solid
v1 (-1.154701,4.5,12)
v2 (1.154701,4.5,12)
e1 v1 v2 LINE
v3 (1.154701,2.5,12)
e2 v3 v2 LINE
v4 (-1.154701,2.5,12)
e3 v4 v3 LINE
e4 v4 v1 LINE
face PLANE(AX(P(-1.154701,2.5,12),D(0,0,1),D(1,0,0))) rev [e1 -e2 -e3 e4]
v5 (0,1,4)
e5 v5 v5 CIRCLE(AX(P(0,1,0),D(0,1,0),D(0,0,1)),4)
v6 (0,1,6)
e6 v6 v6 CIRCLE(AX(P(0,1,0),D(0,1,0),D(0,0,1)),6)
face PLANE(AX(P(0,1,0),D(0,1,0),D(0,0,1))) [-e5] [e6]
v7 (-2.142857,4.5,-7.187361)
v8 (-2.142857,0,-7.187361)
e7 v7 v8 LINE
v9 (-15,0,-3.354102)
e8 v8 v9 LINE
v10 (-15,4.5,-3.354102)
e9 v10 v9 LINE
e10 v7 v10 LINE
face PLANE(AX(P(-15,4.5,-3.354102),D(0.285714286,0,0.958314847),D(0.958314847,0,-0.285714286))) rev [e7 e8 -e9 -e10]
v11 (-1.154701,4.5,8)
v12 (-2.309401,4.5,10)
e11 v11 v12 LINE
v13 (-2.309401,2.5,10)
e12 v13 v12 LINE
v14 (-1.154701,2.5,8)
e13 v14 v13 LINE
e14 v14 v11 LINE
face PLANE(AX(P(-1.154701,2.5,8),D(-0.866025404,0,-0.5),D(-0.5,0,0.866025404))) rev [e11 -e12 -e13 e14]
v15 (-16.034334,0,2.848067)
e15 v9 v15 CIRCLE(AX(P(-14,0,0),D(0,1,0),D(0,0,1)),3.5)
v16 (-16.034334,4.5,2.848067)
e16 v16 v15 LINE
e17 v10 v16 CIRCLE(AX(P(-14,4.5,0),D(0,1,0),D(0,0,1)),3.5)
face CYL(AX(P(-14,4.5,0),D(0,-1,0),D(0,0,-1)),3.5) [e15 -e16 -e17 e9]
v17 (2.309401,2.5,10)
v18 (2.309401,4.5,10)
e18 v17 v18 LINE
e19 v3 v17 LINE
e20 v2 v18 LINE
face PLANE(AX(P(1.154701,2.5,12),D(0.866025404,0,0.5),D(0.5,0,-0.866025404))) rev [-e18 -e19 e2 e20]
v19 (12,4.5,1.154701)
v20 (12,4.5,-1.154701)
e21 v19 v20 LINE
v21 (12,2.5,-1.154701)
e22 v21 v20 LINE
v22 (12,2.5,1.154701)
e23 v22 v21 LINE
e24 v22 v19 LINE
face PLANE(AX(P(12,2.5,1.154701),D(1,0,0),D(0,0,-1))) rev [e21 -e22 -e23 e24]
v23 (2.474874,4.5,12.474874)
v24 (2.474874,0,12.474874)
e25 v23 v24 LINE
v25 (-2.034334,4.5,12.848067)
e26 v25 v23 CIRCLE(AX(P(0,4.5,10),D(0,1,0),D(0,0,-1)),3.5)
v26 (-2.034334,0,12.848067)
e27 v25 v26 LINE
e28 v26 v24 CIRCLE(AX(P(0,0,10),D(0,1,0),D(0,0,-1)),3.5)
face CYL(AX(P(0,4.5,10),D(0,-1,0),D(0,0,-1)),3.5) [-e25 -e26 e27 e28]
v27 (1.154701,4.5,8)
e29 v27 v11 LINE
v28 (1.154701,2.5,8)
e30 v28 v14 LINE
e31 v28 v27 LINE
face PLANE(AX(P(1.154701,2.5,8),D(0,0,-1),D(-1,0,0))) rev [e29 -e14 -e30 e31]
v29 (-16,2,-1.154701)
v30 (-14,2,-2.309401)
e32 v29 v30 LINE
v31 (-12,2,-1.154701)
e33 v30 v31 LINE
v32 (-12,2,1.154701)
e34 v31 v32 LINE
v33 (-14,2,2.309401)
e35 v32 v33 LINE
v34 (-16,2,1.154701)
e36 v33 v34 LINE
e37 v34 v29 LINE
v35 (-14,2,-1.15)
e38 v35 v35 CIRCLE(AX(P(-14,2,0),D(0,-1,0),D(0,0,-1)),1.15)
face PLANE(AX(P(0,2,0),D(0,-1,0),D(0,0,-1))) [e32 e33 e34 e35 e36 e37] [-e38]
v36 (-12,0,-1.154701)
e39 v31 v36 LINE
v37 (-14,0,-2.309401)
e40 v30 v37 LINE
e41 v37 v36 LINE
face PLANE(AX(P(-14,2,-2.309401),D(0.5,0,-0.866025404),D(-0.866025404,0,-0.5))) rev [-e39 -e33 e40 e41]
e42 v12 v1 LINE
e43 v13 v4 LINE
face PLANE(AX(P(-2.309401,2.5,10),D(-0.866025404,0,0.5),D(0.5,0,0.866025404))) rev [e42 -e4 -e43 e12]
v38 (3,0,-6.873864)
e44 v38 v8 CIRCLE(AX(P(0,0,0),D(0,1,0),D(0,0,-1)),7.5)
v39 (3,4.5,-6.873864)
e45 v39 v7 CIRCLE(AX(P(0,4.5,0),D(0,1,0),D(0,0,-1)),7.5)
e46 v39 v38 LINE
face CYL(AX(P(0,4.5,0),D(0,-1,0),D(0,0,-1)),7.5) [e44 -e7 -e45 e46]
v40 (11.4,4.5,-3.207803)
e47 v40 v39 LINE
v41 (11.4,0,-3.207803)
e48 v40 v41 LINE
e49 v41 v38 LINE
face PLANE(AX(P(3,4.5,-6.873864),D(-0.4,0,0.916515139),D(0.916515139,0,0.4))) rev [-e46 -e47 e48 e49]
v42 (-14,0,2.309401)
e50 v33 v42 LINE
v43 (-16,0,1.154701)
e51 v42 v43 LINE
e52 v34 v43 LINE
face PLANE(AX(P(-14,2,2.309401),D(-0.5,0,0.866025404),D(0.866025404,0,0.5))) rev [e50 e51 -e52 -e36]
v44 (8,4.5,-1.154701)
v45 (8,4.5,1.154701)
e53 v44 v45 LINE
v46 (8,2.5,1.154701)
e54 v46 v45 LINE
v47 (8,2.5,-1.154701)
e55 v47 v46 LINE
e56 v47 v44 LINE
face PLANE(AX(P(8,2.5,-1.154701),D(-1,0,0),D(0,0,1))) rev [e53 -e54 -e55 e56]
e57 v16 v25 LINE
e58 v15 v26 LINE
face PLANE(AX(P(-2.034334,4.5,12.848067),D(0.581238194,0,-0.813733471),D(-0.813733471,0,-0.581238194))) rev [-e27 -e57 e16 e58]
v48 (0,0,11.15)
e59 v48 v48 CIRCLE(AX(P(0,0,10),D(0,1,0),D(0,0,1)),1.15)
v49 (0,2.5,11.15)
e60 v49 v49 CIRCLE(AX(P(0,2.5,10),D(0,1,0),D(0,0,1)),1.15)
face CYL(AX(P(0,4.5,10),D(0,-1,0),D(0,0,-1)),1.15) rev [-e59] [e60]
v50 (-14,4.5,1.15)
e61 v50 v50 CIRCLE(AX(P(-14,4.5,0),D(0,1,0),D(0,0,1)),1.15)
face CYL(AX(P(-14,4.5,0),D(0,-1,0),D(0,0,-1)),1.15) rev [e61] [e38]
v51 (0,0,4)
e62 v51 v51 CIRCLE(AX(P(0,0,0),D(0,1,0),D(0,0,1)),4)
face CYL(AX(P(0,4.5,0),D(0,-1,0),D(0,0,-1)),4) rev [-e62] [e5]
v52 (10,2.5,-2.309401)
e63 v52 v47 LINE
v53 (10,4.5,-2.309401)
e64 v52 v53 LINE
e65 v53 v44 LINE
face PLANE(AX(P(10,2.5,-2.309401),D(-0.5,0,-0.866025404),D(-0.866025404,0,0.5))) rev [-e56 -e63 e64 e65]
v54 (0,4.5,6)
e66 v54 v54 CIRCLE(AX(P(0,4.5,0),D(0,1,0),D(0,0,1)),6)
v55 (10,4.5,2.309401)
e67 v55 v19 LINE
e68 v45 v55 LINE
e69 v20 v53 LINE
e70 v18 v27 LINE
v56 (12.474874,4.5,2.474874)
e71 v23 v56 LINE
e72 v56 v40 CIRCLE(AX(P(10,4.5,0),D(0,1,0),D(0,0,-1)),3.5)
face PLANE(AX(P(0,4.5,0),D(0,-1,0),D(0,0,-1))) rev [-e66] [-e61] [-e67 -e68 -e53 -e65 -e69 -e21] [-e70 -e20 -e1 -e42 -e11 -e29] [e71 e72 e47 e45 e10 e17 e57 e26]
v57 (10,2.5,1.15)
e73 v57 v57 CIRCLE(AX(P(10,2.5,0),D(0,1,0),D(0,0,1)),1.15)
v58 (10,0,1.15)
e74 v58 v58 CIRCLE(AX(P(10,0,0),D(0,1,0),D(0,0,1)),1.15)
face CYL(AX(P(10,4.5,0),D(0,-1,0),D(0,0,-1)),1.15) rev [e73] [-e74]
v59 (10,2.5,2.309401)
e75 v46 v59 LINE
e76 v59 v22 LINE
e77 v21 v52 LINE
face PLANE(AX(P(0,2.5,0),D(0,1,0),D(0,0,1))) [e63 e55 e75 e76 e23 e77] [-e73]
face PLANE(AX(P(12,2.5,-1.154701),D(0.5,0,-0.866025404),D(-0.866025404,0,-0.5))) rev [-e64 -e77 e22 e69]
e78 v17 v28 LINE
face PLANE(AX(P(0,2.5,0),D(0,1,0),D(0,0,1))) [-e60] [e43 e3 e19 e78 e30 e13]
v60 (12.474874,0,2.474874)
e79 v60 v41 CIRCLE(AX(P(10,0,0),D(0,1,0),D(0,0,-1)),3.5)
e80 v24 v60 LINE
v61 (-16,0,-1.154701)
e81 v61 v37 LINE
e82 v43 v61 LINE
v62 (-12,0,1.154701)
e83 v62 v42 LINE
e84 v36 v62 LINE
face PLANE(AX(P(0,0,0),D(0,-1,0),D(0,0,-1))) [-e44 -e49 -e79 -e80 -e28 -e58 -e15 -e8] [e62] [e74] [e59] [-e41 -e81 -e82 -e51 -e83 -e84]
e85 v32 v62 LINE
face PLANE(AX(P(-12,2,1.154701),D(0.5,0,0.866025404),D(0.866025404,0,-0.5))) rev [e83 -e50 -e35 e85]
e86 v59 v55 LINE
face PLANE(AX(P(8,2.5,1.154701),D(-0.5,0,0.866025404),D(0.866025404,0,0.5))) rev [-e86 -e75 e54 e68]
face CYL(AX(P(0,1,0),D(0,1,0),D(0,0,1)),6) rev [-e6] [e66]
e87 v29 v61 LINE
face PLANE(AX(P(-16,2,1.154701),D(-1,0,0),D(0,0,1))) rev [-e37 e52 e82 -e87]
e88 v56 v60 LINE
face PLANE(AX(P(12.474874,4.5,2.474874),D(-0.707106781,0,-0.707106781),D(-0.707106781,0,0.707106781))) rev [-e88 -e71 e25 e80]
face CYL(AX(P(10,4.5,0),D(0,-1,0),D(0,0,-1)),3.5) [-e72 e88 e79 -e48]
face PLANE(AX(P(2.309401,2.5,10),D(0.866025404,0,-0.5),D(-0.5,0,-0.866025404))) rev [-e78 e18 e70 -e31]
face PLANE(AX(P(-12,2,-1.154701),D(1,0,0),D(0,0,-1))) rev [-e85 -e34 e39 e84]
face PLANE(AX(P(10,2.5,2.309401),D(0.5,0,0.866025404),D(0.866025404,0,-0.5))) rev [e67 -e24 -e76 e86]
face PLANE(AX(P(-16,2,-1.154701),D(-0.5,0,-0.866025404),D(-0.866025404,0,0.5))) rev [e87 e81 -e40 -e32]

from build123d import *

# Parameters (mm, degrees)
SKETCH1_R           = 4
SKETCH1_R_2         = 1.15
BOSS_EXTRUDE1_DEPTH = 4.5
SKETCH2_R           = 6
CUT_EXTRUDE1_DEPTH  = 3.5
CUT_EXTRUDE2_DEPTH  = 2
CUT_EXTRUDE3_DEPTH  = 2


with BuildPart() as part:
    # Sketch1 → Boss-Extrude1 (new body)
    with BuildSketch(Plane(origin=(0, 0, 0), x_dir=(1, 0, 0), z_dir=(0, 1, 0))):
        with BuildLine():
            Line((3, 6.873863542), (11.4, 3.207802986))
            ThreePointArc((11.4, 3.207802986), (13.439020979, 0.650488054), (12.474873734, -2.474873734))
            Line((12.474873734, -2.474873734), (2.474873734, -12.474873734))
            ThreePointArc((2.474873734, -12.474873734), (0.28868186, -13.488074366), (-2.034333678, -12.848067149))
            Line((-2.034333678, -12.848067149), (-16.034333678, -2.848067149))
            ThreePointArc((-16.034333678, -2.848067149), (-17.452321053, 0.575742432), (-15, 3.354101966))
            Line((-15, 3.354101966), (-2.142857143, 7.187361356))
            ThreePointArc((-2.142857143, 7.187361356), (0.456337254, 7.486104215), (3, 6.873863542))
        make_face()
        with Locations(Location((0, 0, 0), (0, 0, 270))):
            Circle(SKETCH1_R, mode=Mode.SUBTRACT)
        with Locations(Location((-14, 0, 0), (0, 0, 270))):
            Circle(SKETCH1_R_2, mode=Mode.SUBTRACT)
        with Locations(Location((10, 0, 0), (0, 0, 270))):
            Circle(SKETCH1_R_2, mode=Mode.SUBTRACT)
        with Locations(Location((0, -10, 0), (0, 0, 270))):
            Circle(SKETCH1_R_2, mode=Mode.SUBTRACT)
    extrude(amount=BOSS_EXTRUDE1_DEPTH)

    # Sketch2 → Cut-Extrude1 (cut)
    with BuildSketch(Plane(origin=(0, 4.5, 0), x_dir=(1, 0, 0), z_dir=(0, 1, 0))):
        with Locations(Location((0, 0, 0), (0, 0, 270))):
            Circle(SKETCH2_R)
    extrude(amount=-CUT_EXTRUDE1_DEPTH, mode=Mode.SUBTRACT)

    # Sketch3 → Cut-Extrude2 (cut)
    with BuildSketch(Plane(origin=(0, 4.5, 0), x_dir=(1, 0, 0), z_dir=(0, 1, 0))):
        Polygon((12, -1.154700538), (12, 1.154700538), (10, 2.309401077), (8, 1.154700538), (8, -1.154700538), (10, -2.309401077), align=None)
        Polygon((2.309401077, -10), (1.154700538, -8), (-1.154700538, -8), (-2.309401077, -10), (-1.154700538, -12), (1.154700538, -12), align=None)
    extrude(amount=-CUT_EXTRUDE2_DEPTH, mode=Mode.SUBTRACT)

    # Sketch4 → Cut-Extrude3 (cut)
    with BuildSketch(Plane.XZ):
        Polygon((-12, -1.154700538), (-12, 1.154700538), (-14, 2.309401077), (-16, 1.154700538), (-16, -1.154700538), (-14, -2.309401077), align=None)
    extrude(amount=-CUT_EXTRUDE3_DEPTH, mode=Mode.SUBTRACT)


solid = part.part
